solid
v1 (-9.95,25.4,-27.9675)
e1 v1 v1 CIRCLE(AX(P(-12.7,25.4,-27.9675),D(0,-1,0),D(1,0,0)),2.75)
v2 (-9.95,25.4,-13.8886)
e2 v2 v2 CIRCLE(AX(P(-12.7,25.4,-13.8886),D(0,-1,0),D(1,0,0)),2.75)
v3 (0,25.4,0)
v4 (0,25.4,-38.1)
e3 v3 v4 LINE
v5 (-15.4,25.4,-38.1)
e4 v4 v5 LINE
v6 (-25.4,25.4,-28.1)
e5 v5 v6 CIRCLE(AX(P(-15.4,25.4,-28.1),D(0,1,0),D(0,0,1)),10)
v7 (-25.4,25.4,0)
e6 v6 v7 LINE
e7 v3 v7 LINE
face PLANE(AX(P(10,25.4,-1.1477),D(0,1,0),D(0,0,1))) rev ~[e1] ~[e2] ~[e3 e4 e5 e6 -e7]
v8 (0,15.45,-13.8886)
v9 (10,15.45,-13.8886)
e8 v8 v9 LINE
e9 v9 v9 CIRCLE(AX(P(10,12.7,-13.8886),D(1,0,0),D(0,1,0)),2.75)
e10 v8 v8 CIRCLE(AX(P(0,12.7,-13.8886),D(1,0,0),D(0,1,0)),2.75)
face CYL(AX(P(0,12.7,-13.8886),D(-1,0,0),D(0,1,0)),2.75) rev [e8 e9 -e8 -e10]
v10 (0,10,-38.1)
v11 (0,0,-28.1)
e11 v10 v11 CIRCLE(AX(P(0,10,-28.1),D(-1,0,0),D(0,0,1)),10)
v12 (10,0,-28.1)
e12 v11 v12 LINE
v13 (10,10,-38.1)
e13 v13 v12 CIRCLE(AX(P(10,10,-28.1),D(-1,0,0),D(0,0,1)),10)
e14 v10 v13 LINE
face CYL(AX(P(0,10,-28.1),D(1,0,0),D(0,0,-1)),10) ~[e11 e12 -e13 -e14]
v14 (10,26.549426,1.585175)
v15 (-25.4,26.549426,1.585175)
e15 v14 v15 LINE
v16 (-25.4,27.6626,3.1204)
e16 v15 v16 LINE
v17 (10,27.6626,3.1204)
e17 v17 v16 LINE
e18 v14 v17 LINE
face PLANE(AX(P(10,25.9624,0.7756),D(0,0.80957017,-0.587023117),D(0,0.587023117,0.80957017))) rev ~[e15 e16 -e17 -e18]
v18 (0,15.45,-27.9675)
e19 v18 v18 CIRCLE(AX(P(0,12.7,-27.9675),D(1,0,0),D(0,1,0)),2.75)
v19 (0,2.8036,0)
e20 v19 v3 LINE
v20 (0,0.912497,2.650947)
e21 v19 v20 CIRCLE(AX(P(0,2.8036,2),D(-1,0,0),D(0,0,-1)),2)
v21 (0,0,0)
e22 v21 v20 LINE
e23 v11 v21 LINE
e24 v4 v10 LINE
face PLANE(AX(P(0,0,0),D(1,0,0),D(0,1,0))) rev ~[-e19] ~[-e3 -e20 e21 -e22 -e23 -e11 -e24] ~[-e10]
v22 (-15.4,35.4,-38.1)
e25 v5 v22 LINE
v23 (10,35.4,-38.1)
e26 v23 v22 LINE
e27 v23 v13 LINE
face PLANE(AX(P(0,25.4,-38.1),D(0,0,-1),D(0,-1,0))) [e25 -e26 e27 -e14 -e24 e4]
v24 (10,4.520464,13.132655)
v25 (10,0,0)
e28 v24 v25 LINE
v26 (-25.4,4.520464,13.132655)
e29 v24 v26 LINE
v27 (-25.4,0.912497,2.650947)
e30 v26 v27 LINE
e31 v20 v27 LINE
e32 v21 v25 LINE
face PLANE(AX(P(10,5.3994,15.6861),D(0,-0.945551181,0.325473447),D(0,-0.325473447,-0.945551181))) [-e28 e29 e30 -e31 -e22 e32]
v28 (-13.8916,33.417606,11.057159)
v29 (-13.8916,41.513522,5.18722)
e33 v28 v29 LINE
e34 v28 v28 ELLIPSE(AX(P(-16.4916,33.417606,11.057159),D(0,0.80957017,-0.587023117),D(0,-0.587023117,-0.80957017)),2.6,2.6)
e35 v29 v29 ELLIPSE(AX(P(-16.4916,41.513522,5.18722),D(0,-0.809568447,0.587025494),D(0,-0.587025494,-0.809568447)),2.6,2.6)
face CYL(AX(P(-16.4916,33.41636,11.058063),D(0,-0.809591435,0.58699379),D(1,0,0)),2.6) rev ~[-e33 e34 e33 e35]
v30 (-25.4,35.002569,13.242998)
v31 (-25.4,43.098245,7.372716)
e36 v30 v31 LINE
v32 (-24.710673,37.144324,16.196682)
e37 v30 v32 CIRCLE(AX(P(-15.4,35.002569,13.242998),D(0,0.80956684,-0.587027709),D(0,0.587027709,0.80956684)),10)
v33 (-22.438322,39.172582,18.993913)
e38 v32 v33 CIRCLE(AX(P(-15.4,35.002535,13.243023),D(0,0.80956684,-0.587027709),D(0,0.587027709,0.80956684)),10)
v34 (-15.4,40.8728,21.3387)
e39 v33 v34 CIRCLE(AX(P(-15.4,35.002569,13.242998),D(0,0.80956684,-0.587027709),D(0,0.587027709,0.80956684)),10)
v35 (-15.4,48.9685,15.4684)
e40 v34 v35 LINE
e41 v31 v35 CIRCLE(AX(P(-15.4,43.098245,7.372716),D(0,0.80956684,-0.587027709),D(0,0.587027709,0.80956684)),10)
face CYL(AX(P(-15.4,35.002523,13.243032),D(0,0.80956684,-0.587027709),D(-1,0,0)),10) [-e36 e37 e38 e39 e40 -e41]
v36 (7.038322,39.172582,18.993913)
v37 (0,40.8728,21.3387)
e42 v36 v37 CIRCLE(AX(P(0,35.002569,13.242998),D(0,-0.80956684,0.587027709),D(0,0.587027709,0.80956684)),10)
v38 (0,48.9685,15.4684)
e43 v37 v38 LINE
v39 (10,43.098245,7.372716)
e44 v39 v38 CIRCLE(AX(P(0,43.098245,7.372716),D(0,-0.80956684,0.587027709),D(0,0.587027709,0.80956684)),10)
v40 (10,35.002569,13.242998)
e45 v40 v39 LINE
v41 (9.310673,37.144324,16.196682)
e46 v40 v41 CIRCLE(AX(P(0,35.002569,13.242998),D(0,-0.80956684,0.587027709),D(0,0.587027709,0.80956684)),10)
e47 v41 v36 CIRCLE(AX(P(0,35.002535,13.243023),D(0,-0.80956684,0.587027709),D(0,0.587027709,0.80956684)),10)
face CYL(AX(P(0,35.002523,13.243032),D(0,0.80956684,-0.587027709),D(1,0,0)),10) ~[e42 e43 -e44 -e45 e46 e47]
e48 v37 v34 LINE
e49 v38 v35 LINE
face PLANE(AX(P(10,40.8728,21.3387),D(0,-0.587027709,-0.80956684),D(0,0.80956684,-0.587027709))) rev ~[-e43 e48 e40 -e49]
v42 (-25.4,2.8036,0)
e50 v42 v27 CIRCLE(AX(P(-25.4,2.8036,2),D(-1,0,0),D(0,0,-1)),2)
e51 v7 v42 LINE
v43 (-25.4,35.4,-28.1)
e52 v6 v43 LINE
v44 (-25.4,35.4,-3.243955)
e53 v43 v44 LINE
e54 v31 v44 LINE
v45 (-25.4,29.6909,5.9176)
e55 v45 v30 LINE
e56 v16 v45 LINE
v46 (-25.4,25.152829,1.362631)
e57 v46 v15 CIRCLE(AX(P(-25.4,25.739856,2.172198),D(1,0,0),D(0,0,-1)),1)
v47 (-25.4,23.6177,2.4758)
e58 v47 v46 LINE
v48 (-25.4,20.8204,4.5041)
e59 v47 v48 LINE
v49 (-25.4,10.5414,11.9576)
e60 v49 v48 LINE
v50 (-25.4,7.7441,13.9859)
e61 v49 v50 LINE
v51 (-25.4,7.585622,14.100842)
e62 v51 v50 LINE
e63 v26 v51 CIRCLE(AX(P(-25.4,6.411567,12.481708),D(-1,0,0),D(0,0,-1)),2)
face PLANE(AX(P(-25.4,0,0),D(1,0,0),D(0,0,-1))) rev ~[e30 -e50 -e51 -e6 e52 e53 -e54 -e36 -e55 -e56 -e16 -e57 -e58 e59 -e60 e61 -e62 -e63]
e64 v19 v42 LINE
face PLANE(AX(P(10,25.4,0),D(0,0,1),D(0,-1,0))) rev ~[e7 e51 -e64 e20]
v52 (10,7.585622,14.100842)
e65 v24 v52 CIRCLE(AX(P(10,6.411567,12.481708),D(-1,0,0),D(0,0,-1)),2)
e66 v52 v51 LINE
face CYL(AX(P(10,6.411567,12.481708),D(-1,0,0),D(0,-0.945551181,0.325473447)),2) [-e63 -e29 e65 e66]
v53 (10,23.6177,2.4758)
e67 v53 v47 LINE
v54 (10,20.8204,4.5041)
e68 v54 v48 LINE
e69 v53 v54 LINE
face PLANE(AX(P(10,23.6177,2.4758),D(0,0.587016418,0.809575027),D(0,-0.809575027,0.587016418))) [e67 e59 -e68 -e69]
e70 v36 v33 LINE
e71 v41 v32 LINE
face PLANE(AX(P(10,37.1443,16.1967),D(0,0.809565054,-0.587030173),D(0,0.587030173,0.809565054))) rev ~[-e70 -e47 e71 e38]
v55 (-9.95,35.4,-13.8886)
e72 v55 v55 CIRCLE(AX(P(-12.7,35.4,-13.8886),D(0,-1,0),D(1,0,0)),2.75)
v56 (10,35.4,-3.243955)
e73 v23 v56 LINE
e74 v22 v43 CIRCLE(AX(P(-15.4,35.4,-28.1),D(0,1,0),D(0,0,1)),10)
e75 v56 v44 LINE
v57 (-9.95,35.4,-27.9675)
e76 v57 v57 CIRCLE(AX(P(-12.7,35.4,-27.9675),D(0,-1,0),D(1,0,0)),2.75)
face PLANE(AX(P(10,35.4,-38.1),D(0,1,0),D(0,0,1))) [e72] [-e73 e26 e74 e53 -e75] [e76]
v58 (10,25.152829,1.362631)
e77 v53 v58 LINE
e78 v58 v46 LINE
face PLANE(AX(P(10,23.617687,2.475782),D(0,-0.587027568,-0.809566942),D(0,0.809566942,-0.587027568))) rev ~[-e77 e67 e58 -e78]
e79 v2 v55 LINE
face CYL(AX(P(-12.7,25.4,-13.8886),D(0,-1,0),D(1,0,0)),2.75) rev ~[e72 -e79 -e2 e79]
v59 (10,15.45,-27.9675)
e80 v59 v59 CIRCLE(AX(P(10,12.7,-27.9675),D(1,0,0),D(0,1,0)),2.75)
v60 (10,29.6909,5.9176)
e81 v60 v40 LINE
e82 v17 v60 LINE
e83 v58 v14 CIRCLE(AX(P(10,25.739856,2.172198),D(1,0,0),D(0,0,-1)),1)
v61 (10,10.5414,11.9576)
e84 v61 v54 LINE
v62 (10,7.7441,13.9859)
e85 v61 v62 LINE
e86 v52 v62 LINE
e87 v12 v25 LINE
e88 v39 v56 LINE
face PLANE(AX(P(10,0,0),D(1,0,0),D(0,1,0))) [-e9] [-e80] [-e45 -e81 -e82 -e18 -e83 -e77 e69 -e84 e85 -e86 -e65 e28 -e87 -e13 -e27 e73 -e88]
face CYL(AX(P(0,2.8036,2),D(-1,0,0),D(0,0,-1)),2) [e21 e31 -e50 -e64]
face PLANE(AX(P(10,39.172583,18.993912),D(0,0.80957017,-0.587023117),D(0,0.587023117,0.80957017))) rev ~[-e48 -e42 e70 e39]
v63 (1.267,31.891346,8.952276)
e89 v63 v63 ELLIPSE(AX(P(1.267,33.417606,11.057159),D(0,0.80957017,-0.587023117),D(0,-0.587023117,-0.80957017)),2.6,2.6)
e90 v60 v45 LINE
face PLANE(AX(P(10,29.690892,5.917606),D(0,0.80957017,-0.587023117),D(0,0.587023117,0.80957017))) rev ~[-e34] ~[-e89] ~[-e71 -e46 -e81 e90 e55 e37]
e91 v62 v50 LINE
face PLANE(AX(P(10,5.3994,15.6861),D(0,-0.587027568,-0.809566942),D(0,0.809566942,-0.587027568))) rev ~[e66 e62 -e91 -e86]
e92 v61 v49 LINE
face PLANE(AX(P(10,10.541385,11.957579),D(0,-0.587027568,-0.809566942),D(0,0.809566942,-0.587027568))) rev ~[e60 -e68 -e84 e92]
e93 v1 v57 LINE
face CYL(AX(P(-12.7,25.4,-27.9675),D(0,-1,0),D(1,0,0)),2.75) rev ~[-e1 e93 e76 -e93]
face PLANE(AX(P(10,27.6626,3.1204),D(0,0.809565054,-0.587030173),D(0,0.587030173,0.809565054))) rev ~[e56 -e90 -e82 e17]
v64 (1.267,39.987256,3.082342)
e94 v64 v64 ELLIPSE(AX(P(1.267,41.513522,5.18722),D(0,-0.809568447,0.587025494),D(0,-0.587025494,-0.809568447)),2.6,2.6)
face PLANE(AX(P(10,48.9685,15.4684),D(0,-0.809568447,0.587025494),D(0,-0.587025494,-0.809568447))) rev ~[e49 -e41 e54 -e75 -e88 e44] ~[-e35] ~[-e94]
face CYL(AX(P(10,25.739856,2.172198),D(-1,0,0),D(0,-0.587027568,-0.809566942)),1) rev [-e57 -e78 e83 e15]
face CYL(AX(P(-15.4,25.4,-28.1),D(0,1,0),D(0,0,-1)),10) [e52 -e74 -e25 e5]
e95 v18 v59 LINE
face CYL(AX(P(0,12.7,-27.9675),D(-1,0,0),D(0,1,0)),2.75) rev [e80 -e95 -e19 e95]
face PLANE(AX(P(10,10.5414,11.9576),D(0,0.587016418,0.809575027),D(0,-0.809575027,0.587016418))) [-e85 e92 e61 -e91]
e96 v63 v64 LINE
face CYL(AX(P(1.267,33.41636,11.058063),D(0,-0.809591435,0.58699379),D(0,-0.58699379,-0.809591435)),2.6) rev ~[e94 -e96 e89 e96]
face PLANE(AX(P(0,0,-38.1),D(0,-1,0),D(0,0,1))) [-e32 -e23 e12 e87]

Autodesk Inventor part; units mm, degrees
ref_plane "YZ Plane" through (0, 0, 0) normal (1, 0, 0) x (0, 1, 0)
ref_plane "XZ Plane" through (0, 0, 0) normal (0, 1, 0) x (-1, 0, 0)
ref_plane "XY Plane" through (0, 0, 0) normal (0, 0, 1) x (1, 0, 0)
sketch "Sketch1" plane through (0, 0, 0) normal (1, 0, 0) x (0, 1, 0)
  line L0 (0, 0) -> (25.4, 0)
  line L1 (25.4, 0) -> (25.4, -38.1)
  line L2 (25.4, -38.1) -> (0, -38.1)
  line L3 (0, -38.1) -> (0, 0)
  circle A0 centre (12.7, -27.9675) radius 2.75
  circle A1 centre (12.7, -13.8886) radius 2.75
  dimension "d0" = 25.4
  dimension "d1" = 38.1
  dimension "d2" = 5.5
extrude "Extrusion1" add sketch "Sketch1" along normal blind 10
sketch "Sketch2" plane through (10, 0, 0) normal (1, 0, 0) x (0, 0, -1)
  line L0 (-11.9576, 10.5414) -> (-13.9859, 7.7441) projected
  line L1 (-2.4758, 23.6177) -> (-4.5041, 20.8204) projected
  line L2 (-18.0308, 7.0996) -> (-20.828, 9.1279) projected
  line L3 (-31.1071, 16.5813) -> (-33.9043, 18.6096) projected
  line L4 (-34.5489, 22.6546) -> (-32.5206, 25.4518) projected
  line L5 (-25.0672, 35.7309) -> (-23.0389, 38.5281) projected
  line L6 (-3.1204, 27.6626) -> (-5.9176, 29.6909) projected
  line L7 (-16.1967, 37.1443) -> (-18.9939, 39.1726) projected
  line L8 (38.1, 0) -> (38.1, 25.4) projected
  line L9 (38.1, 25.4) -> (0, 25.4) projected
  line L10 (0, 25.4) -> (0, 0) projected
  line L11 (0, 0) -> (38.1, 0) projected
  circle A0 centre (13.8886, 12.7) radius 2.75 projected
  circle A1 centre (27.9675, 12.7) radius 2.75 projected
  line L12 (-0.7756, 25.9624) -> (-21.3387, 40.8728)
  line L13 (-0.7756, 25.9624) -> (0, 25.4)
  line L14 (-15.6861, 5.3994) -> (-0.7756, 25.9624)
  line L15 (-15.6861, 5.3994) -> (0, 0)
  line L16 (-15.6861, 5.3994) -> (-36.2491, 20.3098)
  line L17 (-21.3387, 40.8728) -> (-15.4684, 48.9685)
  line L18 (-15.4684, 48.9685) -> (17.7637, 24.8716)
  line L19 (17.7637, 24.8716) -> (11.8935, 16.7759)
  line L20 (11.8935, 16.7759) -> (-21.3387, 40.8728)
  line L21 (-15.6861, 5.3994) -> (-36.2491, 20.3098)
  line L22 (38.1, 0) -> (0, 0)
  line L23 (38.1, 25.4) -> (38.1, 35.4)
  line L24 (38.1, 35.4) -> (1.1477, 35.4)
  line L25 (1.1477, 35.4) -> (1.1477, 25.4)
  line L26 (1.1477, 25.4) -> (38.1, 25.4)
  point P0 (17.035, 25.4)
  point P1 (3.244, 35.4)
  dimension "d5" = 10
  dimension "d10" = 10
extrude "Extrusion2" add sketch "Sketch2" against normal blind 35.4 contours L14 L1 L13 L10 L15 L0 | L12 L6 L7 L17 L18 L24 L25 L9 L13 | L25 L24 L18 L9 | L9 L18 L24 L23
sketch "Sketch3" plane through (0, 25.4, -38.1) normal (0, -1, 0) x (1, 0, 0)
  line L0 (0, 0) -> (0, 38.1) projected
  line L1 (0, 38.1) -> (-25.4, 38.1) projected
  line L2 (-25.4, 0) -> (-25.4, 38.1) projected
  line L3 (0, 0) -> (-25.4, 0) projected
  line L4 (10, 12.8825) -> (10, 7.3825) projected
  line L5 (0, 12.8825) -> (0, 7.3825) projected
  line L6 (10, 26.9614) -> (10, 21.4614) projected
  circle A0 centre (-12.7, 10.1325) radius 2.75
  circle A1 centre (-12.7, 24.2114) radius 2.75
  point P0 (0, 38.1)
extrude "Extrusion3" cut sketch "Sketch3" against normal blind 35.4 contours A0 | A1
sketch "Sketch4" plane through (-25.4, 40.8728, 21.3387) normal (0, -0.8096, 0.587) x (1, 0, 0)
  line L0 (35.4, 0) -> (35.4, -25.4) projected
  line L1 (35.4, 0) -> (0, 0) projected
  line L2 (0, -25.4) -> (0, 0) projected
  line L3 (35.4, -25.4) -> (0, -25.4) projected
  line L4 (26.667, -12.7) -> (8.9084, -12.7) construction
  line L5 (26.667, -10.1) -> (8.9084, -10.1)
  line L6 (8.9084, -15.3) -> (26.667, -15.3)
  arc A0 (26.667, -15.3) -> (26.667, -10.1) centre (26.667, -12.7) ccw
  arc A1 (8.9084, -10.1) -> (8.9084, -15.3) centre (8.9084, -12.7) ccw
  circle A2 centre (26.667, -12.7) radius 2.6
  circle A3 centre (8.9084, -12.7) radius 2.6
  point P0 (25.4, -41.2685)
  point P1 (17.7877, -12.7)
  point P2 (8.9084, -10.1)
  point P3 (26.667, -10.1)
  dimension "d13" = 2.6
extrude "Extrusion4" cut sketch "Sketch4" against normal blind 35.4 contours A0 A2 | A3 A1
fillet "Fillet1" radius 10 4 edges at (5, 0, -38.1) (-25.4, 30.4, -38.1) (10, 44.9207, 18.4035) (-25.4, 44.9207, 18.4035)
fillet "Fillet2" radius 2 2 edges at (-12.7, 0, 0) (-7.7, 5.3994, 15.6861)
fillet "Fillet3" radius 1 1 edges at (-7.7, 25.9624, 0.7756)
properties part number "upperRearBracket"
